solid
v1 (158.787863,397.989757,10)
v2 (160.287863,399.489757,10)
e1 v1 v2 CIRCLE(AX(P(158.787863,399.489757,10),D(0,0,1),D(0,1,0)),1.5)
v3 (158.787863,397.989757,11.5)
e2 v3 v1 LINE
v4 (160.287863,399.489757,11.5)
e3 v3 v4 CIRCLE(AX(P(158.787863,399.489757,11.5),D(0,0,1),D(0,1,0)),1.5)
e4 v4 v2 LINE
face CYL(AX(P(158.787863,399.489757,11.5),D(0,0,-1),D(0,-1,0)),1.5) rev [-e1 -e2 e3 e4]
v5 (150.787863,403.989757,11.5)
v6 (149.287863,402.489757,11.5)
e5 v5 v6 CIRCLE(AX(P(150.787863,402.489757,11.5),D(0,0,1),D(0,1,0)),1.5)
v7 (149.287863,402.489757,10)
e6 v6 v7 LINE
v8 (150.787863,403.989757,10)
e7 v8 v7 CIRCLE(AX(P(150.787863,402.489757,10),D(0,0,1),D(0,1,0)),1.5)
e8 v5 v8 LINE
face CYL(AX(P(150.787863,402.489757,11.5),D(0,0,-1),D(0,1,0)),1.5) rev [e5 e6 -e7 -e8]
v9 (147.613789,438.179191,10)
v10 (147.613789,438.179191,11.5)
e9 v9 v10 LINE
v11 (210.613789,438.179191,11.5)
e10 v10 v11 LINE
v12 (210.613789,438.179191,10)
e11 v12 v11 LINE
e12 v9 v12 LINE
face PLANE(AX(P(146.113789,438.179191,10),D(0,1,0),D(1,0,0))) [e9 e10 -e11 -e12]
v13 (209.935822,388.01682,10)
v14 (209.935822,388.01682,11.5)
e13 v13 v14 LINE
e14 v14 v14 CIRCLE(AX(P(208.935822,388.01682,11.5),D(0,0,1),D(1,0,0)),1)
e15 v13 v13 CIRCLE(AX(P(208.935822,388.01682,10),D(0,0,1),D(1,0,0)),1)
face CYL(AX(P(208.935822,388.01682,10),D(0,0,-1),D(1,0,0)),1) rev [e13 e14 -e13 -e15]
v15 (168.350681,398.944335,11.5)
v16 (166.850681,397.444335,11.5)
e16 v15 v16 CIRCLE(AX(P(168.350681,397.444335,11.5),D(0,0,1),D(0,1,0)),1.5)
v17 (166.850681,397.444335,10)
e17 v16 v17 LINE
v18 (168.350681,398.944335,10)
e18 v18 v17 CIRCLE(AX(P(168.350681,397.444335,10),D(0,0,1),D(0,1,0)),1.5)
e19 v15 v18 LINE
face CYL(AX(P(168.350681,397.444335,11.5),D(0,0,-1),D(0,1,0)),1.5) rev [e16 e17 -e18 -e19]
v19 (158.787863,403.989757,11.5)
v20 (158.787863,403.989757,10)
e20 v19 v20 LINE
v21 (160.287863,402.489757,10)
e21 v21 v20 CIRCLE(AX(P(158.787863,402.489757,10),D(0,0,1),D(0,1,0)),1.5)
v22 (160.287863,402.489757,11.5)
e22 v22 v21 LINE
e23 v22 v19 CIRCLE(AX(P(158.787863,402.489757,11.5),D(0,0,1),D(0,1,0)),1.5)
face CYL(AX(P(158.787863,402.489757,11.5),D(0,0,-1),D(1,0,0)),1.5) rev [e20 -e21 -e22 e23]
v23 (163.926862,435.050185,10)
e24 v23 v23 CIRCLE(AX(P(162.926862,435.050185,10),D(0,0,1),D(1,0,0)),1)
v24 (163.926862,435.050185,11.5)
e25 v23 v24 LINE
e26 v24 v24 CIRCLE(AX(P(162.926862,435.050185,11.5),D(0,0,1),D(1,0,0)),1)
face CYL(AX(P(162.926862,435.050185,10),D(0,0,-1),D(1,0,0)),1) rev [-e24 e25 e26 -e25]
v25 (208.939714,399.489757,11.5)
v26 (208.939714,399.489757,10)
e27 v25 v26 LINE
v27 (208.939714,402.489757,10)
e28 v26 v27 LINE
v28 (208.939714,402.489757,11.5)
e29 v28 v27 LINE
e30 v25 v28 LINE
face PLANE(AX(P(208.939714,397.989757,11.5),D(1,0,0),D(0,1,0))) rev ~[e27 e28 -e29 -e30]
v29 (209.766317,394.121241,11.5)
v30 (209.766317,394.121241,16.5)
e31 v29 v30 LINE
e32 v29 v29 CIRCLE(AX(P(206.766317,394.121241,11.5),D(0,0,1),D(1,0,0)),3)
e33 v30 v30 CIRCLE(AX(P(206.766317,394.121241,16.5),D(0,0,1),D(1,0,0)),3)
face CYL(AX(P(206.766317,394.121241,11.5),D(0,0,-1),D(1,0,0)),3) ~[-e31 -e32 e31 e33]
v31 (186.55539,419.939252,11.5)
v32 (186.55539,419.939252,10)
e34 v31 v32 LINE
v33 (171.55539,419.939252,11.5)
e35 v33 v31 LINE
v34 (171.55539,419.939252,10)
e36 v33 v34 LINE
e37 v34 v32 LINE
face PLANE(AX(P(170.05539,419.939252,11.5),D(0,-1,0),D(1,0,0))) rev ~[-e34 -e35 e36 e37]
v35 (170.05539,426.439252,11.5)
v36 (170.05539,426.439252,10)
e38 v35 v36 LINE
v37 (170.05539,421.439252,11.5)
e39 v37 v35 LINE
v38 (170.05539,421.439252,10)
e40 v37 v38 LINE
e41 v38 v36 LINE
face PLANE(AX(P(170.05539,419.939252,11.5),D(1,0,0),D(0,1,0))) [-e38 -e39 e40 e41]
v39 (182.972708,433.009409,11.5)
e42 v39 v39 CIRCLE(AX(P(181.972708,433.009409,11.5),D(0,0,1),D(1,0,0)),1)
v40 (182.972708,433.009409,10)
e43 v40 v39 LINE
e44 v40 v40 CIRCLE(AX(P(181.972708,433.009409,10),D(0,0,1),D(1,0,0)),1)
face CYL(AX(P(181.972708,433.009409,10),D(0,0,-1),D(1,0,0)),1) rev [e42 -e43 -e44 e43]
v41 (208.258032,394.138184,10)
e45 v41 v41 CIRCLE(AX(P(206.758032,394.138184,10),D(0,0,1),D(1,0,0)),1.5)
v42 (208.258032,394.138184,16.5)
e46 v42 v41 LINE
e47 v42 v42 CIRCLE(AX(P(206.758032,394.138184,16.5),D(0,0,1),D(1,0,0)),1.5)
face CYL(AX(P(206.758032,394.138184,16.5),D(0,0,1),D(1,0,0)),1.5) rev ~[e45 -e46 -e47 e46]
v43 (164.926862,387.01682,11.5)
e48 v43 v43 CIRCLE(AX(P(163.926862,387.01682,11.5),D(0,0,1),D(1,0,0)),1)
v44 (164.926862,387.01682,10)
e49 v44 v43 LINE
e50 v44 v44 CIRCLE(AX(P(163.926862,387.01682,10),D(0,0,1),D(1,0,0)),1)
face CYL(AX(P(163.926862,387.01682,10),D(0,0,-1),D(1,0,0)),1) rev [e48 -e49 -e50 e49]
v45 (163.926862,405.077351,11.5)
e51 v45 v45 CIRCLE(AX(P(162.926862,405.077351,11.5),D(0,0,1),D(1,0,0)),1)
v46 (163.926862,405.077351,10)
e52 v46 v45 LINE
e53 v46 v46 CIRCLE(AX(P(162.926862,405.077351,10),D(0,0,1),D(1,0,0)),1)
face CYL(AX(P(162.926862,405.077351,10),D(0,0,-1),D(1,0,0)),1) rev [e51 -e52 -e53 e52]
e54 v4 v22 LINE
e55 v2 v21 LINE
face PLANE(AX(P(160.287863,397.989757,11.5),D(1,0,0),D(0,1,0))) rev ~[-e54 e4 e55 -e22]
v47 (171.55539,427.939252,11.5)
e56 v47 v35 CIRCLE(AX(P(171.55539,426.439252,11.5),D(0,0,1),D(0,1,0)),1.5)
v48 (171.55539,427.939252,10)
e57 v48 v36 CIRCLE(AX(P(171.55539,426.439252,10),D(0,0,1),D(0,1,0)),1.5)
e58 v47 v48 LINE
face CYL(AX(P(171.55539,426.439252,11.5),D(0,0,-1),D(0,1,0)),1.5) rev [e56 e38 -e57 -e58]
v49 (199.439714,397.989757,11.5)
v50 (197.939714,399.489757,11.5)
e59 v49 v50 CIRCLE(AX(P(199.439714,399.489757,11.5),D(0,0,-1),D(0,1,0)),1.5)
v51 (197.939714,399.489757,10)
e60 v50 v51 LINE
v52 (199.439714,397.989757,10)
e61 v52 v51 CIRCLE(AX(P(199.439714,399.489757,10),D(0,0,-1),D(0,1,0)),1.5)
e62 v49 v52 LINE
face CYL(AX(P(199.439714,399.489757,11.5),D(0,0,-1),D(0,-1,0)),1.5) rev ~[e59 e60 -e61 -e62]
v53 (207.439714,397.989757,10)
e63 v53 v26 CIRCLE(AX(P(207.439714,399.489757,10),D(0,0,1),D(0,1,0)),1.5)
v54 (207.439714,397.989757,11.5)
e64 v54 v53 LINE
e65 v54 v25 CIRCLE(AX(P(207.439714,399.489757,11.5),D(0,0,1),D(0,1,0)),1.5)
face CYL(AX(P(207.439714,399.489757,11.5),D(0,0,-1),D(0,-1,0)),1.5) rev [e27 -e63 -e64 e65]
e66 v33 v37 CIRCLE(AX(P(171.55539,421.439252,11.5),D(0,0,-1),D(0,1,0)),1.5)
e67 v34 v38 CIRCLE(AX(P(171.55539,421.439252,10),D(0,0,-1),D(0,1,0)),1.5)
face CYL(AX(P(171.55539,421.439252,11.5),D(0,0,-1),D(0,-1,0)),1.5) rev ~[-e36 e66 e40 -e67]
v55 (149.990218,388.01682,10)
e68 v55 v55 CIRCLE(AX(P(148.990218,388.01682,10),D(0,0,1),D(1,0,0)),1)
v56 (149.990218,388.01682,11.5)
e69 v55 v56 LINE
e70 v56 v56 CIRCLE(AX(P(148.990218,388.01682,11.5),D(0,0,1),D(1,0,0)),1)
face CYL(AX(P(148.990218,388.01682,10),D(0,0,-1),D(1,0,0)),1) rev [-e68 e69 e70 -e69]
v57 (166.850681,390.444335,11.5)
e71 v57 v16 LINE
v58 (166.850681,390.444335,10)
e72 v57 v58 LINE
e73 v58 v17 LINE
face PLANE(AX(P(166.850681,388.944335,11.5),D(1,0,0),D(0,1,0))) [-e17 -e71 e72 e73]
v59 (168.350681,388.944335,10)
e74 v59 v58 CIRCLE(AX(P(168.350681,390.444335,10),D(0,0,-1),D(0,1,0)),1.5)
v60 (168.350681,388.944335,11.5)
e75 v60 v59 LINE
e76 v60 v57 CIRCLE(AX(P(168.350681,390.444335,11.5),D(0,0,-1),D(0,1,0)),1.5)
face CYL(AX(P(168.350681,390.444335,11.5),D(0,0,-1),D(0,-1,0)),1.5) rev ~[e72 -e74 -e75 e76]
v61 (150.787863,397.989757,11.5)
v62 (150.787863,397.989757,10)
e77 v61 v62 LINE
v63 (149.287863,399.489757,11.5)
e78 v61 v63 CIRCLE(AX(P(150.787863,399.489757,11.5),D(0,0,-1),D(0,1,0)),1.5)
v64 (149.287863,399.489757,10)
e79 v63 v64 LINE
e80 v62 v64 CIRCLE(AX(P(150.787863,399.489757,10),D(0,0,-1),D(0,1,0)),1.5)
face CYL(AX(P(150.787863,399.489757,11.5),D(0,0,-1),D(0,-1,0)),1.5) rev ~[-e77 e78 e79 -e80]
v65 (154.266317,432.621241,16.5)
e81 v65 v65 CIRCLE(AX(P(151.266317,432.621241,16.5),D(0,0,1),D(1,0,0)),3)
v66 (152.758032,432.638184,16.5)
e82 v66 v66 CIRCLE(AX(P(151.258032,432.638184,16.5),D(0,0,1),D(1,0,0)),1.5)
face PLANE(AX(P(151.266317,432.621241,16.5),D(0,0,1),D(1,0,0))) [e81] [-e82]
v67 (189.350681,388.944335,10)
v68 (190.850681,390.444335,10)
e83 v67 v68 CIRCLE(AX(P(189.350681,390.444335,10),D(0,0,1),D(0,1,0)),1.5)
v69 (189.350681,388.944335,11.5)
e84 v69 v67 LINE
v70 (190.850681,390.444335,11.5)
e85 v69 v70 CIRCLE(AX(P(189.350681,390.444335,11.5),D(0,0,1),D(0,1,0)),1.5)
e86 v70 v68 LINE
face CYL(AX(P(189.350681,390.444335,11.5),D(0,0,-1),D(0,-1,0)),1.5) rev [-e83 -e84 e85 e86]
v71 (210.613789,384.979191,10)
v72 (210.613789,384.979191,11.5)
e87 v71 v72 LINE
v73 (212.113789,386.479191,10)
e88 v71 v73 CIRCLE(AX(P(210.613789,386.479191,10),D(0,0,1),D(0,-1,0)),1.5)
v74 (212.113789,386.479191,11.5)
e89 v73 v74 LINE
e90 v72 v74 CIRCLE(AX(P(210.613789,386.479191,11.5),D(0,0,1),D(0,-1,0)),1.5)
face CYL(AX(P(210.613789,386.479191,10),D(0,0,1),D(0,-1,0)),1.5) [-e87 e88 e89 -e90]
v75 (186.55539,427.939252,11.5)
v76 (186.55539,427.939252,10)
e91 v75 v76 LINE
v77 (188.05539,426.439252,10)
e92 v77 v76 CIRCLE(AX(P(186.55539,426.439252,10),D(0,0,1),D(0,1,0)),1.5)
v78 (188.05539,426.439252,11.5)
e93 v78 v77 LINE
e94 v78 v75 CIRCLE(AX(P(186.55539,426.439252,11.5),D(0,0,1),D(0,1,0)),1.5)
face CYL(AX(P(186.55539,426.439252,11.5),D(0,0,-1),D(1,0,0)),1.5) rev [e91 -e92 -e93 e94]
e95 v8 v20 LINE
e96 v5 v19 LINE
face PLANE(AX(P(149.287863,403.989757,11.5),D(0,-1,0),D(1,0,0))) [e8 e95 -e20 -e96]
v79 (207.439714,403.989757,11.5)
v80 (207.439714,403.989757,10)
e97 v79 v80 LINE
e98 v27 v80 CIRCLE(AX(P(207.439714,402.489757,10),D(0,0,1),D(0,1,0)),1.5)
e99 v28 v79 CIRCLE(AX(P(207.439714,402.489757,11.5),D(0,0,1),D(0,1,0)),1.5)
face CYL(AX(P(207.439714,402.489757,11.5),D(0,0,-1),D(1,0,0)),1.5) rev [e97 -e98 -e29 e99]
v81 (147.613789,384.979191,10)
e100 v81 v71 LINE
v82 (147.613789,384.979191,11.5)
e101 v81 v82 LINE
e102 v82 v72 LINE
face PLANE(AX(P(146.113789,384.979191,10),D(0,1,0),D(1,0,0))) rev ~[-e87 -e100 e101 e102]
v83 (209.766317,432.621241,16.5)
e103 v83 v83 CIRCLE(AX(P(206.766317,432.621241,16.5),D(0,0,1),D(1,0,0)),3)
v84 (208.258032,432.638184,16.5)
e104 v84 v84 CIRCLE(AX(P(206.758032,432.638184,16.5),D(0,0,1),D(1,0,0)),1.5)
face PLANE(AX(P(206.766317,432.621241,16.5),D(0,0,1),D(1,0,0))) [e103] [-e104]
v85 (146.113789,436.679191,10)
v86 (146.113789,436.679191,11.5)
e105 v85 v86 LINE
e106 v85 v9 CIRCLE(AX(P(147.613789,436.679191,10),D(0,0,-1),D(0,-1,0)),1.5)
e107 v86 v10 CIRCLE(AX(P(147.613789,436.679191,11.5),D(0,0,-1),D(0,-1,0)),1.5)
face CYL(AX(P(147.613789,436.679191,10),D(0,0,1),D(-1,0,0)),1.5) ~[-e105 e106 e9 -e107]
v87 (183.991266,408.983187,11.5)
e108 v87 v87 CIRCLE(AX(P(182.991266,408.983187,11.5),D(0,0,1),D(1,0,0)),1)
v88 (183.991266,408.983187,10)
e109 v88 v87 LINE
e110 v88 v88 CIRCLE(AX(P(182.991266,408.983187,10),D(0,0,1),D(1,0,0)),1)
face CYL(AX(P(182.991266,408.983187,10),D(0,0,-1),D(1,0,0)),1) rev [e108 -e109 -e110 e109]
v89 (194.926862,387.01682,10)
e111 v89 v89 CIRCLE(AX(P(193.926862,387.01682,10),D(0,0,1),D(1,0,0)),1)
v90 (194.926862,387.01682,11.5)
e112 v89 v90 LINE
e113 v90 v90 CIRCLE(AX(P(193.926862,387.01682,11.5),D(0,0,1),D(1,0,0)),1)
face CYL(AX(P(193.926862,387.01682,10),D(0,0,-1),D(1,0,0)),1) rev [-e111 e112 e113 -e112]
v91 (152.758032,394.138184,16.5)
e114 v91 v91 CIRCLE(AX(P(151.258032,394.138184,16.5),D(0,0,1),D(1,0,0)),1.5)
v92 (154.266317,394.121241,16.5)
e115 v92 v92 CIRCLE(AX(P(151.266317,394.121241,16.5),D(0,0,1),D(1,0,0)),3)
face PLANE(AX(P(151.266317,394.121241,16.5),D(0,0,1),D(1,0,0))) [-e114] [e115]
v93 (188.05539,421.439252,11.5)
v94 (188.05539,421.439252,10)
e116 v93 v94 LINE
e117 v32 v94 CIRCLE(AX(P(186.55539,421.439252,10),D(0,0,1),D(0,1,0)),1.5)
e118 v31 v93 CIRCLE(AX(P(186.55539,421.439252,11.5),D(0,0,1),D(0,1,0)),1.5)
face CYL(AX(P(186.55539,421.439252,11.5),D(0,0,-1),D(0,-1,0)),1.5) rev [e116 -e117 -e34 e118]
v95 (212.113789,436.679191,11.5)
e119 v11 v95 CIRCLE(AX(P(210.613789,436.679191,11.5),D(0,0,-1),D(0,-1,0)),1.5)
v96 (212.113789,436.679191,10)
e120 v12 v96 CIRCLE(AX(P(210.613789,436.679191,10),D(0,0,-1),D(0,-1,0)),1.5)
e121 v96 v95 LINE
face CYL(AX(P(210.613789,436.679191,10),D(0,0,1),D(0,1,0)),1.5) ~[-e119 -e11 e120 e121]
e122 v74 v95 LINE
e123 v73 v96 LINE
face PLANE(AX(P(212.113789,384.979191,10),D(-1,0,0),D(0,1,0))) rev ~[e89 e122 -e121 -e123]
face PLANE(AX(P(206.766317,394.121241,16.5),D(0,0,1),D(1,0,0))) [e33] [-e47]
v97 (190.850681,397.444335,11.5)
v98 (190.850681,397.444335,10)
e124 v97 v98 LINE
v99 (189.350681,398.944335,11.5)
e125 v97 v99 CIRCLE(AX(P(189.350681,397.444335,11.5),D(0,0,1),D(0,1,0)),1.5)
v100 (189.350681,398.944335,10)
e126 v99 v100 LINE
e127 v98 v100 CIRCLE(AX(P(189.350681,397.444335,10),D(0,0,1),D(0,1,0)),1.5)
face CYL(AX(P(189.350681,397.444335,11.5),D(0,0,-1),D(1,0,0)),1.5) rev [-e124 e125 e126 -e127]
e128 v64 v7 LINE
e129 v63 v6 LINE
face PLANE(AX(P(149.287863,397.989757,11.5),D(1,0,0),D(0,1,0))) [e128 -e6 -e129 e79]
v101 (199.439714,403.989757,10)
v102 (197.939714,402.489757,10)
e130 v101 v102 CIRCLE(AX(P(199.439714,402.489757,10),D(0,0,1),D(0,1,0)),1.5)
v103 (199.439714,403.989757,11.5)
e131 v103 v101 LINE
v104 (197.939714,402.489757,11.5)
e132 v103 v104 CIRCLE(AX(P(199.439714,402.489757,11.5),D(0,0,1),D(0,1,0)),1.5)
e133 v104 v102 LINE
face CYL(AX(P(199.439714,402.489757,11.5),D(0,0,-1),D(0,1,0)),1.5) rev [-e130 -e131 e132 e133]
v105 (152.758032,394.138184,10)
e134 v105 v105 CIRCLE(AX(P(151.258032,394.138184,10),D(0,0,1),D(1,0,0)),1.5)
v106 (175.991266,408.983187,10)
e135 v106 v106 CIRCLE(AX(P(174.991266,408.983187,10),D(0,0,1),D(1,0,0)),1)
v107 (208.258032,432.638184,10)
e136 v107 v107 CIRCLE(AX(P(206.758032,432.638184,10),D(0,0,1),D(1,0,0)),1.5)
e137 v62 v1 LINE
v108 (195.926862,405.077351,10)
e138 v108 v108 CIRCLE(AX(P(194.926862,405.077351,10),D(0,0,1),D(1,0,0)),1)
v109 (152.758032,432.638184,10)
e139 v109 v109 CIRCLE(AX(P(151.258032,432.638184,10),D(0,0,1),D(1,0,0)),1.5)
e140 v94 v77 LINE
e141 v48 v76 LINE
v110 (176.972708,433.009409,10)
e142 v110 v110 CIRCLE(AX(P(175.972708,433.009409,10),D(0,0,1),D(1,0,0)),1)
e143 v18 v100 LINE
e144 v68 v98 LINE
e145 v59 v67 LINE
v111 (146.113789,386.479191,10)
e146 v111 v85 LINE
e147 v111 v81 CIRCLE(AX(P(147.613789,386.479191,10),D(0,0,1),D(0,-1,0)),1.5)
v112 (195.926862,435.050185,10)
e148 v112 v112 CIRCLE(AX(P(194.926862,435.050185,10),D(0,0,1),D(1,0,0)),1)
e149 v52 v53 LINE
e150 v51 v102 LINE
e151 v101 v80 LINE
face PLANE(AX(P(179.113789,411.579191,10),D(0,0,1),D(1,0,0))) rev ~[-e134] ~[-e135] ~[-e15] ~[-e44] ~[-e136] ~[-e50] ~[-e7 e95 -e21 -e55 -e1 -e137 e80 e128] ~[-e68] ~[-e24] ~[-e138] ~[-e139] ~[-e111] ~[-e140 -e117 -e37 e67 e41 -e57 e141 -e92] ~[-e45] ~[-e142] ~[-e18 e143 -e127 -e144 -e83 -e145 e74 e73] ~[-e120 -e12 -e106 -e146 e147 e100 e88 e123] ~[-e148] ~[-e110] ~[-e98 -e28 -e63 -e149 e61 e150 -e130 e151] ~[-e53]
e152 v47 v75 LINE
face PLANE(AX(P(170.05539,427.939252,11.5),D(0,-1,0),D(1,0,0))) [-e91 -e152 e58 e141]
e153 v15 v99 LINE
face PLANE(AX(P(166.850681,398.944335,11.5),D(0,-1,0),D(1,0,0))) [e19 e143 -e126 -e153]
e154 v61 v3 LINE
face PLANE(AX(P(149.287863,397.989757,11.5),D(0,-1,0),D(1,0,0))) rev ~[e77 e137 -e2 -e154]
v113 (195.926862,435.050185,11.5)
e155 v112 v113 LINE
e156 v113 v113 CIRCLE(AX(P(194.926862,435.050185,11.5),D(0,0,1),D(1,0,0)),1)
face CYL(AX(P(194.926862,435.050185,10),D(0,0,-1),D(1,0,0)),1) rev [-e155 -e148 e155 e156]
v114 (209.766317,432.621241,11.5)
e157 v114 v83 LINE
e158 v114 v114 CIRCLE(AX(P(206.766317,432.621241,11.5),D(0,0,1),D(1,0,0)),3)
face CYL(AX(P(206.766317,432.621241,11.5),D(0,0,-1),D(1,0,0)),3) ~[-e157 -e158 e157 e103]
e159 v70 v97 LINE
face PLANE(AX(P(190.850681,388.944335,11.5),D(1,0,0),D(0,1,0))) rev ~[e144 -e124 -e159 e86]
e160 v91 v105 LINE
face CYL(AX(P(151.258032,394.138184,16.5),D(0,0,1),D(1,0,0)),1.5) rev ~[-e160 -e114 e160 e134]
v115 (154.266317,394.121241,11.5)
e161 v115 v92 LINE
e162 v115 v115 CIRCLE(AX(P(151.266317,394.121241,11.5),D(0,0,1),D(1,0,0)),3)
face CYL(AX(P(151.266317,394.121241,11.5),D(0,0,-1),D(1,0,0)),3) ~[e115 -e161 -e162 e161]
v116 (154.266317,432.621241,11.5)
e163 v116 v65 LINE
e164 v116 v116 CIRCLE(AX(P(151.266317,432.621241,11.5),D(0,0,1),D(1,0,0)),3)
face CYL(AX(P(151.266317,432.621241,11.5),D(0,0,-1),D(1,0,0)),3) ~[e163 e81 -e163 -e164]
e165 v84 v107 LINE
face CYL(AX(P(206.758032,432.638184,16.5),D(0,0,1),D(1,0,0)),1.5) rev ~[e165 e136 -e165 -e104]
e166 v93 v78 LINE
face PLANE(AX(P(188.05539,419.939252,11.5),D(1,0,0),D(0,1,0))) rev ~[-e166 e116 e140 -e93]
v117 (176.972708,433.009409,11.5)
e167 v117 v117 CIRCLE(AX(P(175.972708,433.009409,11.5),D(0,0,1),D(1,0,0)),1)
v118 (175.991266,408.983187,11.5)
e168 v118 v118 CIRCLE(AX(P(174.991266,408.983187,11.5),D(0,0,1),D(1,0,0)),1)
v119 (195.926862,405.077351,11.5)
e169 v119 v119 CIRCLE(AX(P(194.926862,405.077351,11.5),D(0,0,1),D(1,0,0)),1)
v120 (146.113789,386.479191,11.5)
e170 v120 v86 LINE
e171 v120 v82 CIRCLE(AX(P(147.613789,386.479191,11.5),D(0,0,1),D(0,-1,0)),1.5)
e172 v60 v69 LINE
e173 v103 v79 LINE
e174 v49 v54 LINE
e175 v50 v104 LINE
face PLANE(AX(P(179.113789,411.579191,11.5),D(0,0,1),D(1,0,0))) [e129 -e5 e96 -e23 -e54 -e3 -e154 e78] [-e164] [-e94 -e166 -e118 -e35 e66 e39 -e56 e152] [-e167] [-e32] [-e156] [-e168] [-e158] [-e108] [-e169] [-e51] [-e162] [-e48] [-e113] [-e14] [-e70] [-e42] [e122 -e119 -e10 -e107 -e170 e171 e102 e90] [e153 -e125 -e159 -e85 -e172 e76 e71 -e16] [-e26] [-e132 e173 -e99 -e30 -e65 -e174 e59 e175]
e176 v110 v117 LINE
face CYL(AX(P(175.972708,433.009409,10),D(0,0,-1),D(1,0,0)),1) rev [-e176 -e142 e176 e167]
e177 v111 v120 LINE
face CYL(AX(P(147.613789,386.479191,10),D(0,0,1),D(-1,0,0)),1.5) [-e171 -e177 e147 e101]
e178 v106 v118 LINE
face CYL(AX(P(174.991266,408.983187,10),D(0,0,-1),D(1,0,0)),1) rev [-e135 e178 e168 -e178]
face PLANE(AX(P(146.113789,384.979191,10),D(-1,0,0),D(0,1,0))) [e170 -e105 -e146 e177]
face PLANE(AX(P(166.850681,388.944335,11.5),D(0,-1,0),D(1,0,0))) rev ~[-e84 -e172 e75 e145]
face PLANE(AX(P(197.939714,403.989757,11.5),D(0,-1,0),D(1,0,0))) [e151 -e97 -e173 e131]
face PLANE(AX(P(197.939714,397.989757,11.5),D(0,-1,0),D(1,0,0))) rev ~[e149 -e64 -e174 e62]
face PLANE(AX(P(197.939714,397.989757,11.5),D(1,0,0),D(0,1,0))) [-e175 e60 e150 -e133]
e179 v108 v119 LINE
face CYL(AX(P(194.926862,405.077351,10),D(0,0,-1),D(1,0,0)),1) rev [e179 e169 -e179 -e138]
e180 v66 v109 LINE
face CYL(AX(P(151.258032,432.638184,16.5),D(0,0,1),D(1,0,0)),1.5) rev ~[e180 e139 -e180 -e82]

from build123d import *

# Parameters (mm, degrees)
SKETCH6_W           = 66
SKETCH6_H           = 53.2
SKETCH6_R           = 1
BOSS_EXTRUDE1_DEPTH = 1.5
SKETCH7_W           = 18
SKETCH7_H           = 8
SKETCH7_W_2         = 24
SKETCH7_H_2         = 10
SKETCH7_W_3         = 11
SKETCH7_H_3         = 6
CUT_EXTRUDE1_DEPTH  = 1.5
SKETCH8_R           = 3
BOSS_EXTRUDE2_DEPTH = 5
FILLET1_R           = 1.5
SKETCH9_R           = 1.5
CUT_EXTRUDE2_DEPTH  = 487.862929815


with BuildPart() as part:
    # Sketch6 → Boss-Extrude1 (new body)
    with BuildSketch(Plane.XY.offset(10)):
        with Locations((179.113788697, 411.579190598)):
            Rectangle(SKETCH6_W, SKETCH6_H)
        with Locations((175.972708226, 433.009408695)):
            Circle(SKETCH6_R, mode=Mode.SUBTRACT)
        with Locations((181.972708226, 433.009408695)):
            Circle(SKETCH6_R, mode=Mode.SUBTRACT)
        with Locations((174.991265937, 408.983186548)):
            Circle(SKETCH6_R, mode=Mode.SUBTRACT)
        with Locations((182.991265937, 408.983186548)):
            Circle(SKETCH6_R, mode=Mode.SUBTRACT)
        with Locations((162.926862189, 435.050185267)):
            Circle(SKETCH6_R, mode=Mode.SUBTRACT)
        with Locations((194.926862189, 435.050185267)):
            Circle(SKETCH6_R, mode=Mode.SUBTRACT)
        with Locations((162.926862189, 405.077351054)):
            Circle(SKETCH6_R, mode=Mode.SUBTRACT)
        with Locations((194.926862189, 405.077351054)):
            Circle(SKETCH6_R, mode=Mode.SUBTRACT)
        with Locations((163.926862189, 387.016819786)):
            Circle(SKETCH6_R, mode=Mode.SUBTRACT)
        with Locations((193.926862189, 387.016819786)):
            Circle(SKETCH6_R, mode=Mode.SUBTRACT)
        with Locations((148.99021815, 388.016819786)):
            Circle(SKETCH6_R, mode=Mode.SUBTRACT)
        with Locations((208.935821533, 388.016819786)):
            Circle(SKETCH6_R, mode=Mode.SUBTRACT)
    extrude(amount=BOSS_EXTRUDE1_DEPTH)

    # Sketch7 → Cut-Extrude1 (cut)
    with BuildSketch(Plane.XY.offset(11.5)):
        with Locations((179.055389508, 423.939252126)):
            Rectangle(SKETCH7_W, SKETCH7_H)
        with Locations((178.85068071, 393.944335229)):
            Rectangle(SKETCH7_W_2, SKETCH7_H_2)
        with Locations((203.439714031, 400.989756962)):
            Rectangle(SKETCH7_W_3, SKETCH7_H_3)
        with Locations((154.787863363, 400.989756962)):
            Rectangle(SKETCH7_W_3, SKETCH7_H_3)
    extrude(amount=-CUT_EXTRUDE1_DEPTH, mode=Mode.SUBTRACT)

    # Sketch8 → Boss-Extrude2 (add)
    with BuildSketch(Plane.XY.offset(11.5)):
        with Locations((151.266317417, 432.621241402)):
            Circle(SKETCH8_R)
        with Locations((206.766317417, 432.621241402)):
            Circle(SKETCH8_R)
        with Locations((206.766317417, 394.121241402)):
            Circle(SKETCH8_R)
        with Locations((151.266317417, 394.121241402)):
            Circle(SKETCH8_R)
    extrude(amount=BOSS_EXTRUDE2_DEPTH)

    # Fillet1
    fillet1_edges = [part.edges().sort_by_distance(p)[0] for p in [
        (146.113788697, 438.179190598, 10.75),
        (212.113788697, 438.179190598, 10.75),
        (170.055389508, 419.939252126, 10.75),
        (212.113788697, 384.979190598, 10.75),
        (170.055389508, 427.939252126, 10.75),
        (188.055389508, 427.939252126, 10.75),
        (146.113788697, 384.979190598, 10.75),
        (188.055389508, 419.939252126, 10.75),
        (166.85068071, 388.944335229, 10.75),
        (166.85068071, 398.944335229, 10.75),
        (190.85068071, 398.944335229, 10.75),
        (190.85068071, 388.944335229, 10.75),
        (197.939714031, 397.989756962, 10.75),
        (197.939714031, 403.989756962, 10.75),
        (208.939714031, 403.989756962, 10.75),
        (208.939714031, 397.989756962, 10.75),
        (160.287863363, 403.989756962, 10.75),
        (160.287863363, 397.989756962, 10.75),
        (149.287863363, 397.989756962, 10.75),
        (149.287863363, 403.989756962, 10.75),
    ]]
    fillet(fillet1_edges, radius=FILLET1_R)

    # Sketch9 → Cut-Extrude2 (cut, through all)
    with BuildSketch(Plane.XY.offset(16.5)):
        with Locations((151.258032405, 432.638183814)):
            Circle(SKETCH9_R)
        with Locations((206.758032405, 432.638183814)):
            Circle(SKETCH9_R)
        with Locations((206.758032405, 394.138183814)):
            Circle(SKETCH9_R)
        with Locations((151.258032405, 394.138183814)):
            Circle(SKETCH9_R)
    extrude(amount=-CUT_EXTRUDE2_DEPTH, mode=Mode.SUBTRACT)


solid = part.part
